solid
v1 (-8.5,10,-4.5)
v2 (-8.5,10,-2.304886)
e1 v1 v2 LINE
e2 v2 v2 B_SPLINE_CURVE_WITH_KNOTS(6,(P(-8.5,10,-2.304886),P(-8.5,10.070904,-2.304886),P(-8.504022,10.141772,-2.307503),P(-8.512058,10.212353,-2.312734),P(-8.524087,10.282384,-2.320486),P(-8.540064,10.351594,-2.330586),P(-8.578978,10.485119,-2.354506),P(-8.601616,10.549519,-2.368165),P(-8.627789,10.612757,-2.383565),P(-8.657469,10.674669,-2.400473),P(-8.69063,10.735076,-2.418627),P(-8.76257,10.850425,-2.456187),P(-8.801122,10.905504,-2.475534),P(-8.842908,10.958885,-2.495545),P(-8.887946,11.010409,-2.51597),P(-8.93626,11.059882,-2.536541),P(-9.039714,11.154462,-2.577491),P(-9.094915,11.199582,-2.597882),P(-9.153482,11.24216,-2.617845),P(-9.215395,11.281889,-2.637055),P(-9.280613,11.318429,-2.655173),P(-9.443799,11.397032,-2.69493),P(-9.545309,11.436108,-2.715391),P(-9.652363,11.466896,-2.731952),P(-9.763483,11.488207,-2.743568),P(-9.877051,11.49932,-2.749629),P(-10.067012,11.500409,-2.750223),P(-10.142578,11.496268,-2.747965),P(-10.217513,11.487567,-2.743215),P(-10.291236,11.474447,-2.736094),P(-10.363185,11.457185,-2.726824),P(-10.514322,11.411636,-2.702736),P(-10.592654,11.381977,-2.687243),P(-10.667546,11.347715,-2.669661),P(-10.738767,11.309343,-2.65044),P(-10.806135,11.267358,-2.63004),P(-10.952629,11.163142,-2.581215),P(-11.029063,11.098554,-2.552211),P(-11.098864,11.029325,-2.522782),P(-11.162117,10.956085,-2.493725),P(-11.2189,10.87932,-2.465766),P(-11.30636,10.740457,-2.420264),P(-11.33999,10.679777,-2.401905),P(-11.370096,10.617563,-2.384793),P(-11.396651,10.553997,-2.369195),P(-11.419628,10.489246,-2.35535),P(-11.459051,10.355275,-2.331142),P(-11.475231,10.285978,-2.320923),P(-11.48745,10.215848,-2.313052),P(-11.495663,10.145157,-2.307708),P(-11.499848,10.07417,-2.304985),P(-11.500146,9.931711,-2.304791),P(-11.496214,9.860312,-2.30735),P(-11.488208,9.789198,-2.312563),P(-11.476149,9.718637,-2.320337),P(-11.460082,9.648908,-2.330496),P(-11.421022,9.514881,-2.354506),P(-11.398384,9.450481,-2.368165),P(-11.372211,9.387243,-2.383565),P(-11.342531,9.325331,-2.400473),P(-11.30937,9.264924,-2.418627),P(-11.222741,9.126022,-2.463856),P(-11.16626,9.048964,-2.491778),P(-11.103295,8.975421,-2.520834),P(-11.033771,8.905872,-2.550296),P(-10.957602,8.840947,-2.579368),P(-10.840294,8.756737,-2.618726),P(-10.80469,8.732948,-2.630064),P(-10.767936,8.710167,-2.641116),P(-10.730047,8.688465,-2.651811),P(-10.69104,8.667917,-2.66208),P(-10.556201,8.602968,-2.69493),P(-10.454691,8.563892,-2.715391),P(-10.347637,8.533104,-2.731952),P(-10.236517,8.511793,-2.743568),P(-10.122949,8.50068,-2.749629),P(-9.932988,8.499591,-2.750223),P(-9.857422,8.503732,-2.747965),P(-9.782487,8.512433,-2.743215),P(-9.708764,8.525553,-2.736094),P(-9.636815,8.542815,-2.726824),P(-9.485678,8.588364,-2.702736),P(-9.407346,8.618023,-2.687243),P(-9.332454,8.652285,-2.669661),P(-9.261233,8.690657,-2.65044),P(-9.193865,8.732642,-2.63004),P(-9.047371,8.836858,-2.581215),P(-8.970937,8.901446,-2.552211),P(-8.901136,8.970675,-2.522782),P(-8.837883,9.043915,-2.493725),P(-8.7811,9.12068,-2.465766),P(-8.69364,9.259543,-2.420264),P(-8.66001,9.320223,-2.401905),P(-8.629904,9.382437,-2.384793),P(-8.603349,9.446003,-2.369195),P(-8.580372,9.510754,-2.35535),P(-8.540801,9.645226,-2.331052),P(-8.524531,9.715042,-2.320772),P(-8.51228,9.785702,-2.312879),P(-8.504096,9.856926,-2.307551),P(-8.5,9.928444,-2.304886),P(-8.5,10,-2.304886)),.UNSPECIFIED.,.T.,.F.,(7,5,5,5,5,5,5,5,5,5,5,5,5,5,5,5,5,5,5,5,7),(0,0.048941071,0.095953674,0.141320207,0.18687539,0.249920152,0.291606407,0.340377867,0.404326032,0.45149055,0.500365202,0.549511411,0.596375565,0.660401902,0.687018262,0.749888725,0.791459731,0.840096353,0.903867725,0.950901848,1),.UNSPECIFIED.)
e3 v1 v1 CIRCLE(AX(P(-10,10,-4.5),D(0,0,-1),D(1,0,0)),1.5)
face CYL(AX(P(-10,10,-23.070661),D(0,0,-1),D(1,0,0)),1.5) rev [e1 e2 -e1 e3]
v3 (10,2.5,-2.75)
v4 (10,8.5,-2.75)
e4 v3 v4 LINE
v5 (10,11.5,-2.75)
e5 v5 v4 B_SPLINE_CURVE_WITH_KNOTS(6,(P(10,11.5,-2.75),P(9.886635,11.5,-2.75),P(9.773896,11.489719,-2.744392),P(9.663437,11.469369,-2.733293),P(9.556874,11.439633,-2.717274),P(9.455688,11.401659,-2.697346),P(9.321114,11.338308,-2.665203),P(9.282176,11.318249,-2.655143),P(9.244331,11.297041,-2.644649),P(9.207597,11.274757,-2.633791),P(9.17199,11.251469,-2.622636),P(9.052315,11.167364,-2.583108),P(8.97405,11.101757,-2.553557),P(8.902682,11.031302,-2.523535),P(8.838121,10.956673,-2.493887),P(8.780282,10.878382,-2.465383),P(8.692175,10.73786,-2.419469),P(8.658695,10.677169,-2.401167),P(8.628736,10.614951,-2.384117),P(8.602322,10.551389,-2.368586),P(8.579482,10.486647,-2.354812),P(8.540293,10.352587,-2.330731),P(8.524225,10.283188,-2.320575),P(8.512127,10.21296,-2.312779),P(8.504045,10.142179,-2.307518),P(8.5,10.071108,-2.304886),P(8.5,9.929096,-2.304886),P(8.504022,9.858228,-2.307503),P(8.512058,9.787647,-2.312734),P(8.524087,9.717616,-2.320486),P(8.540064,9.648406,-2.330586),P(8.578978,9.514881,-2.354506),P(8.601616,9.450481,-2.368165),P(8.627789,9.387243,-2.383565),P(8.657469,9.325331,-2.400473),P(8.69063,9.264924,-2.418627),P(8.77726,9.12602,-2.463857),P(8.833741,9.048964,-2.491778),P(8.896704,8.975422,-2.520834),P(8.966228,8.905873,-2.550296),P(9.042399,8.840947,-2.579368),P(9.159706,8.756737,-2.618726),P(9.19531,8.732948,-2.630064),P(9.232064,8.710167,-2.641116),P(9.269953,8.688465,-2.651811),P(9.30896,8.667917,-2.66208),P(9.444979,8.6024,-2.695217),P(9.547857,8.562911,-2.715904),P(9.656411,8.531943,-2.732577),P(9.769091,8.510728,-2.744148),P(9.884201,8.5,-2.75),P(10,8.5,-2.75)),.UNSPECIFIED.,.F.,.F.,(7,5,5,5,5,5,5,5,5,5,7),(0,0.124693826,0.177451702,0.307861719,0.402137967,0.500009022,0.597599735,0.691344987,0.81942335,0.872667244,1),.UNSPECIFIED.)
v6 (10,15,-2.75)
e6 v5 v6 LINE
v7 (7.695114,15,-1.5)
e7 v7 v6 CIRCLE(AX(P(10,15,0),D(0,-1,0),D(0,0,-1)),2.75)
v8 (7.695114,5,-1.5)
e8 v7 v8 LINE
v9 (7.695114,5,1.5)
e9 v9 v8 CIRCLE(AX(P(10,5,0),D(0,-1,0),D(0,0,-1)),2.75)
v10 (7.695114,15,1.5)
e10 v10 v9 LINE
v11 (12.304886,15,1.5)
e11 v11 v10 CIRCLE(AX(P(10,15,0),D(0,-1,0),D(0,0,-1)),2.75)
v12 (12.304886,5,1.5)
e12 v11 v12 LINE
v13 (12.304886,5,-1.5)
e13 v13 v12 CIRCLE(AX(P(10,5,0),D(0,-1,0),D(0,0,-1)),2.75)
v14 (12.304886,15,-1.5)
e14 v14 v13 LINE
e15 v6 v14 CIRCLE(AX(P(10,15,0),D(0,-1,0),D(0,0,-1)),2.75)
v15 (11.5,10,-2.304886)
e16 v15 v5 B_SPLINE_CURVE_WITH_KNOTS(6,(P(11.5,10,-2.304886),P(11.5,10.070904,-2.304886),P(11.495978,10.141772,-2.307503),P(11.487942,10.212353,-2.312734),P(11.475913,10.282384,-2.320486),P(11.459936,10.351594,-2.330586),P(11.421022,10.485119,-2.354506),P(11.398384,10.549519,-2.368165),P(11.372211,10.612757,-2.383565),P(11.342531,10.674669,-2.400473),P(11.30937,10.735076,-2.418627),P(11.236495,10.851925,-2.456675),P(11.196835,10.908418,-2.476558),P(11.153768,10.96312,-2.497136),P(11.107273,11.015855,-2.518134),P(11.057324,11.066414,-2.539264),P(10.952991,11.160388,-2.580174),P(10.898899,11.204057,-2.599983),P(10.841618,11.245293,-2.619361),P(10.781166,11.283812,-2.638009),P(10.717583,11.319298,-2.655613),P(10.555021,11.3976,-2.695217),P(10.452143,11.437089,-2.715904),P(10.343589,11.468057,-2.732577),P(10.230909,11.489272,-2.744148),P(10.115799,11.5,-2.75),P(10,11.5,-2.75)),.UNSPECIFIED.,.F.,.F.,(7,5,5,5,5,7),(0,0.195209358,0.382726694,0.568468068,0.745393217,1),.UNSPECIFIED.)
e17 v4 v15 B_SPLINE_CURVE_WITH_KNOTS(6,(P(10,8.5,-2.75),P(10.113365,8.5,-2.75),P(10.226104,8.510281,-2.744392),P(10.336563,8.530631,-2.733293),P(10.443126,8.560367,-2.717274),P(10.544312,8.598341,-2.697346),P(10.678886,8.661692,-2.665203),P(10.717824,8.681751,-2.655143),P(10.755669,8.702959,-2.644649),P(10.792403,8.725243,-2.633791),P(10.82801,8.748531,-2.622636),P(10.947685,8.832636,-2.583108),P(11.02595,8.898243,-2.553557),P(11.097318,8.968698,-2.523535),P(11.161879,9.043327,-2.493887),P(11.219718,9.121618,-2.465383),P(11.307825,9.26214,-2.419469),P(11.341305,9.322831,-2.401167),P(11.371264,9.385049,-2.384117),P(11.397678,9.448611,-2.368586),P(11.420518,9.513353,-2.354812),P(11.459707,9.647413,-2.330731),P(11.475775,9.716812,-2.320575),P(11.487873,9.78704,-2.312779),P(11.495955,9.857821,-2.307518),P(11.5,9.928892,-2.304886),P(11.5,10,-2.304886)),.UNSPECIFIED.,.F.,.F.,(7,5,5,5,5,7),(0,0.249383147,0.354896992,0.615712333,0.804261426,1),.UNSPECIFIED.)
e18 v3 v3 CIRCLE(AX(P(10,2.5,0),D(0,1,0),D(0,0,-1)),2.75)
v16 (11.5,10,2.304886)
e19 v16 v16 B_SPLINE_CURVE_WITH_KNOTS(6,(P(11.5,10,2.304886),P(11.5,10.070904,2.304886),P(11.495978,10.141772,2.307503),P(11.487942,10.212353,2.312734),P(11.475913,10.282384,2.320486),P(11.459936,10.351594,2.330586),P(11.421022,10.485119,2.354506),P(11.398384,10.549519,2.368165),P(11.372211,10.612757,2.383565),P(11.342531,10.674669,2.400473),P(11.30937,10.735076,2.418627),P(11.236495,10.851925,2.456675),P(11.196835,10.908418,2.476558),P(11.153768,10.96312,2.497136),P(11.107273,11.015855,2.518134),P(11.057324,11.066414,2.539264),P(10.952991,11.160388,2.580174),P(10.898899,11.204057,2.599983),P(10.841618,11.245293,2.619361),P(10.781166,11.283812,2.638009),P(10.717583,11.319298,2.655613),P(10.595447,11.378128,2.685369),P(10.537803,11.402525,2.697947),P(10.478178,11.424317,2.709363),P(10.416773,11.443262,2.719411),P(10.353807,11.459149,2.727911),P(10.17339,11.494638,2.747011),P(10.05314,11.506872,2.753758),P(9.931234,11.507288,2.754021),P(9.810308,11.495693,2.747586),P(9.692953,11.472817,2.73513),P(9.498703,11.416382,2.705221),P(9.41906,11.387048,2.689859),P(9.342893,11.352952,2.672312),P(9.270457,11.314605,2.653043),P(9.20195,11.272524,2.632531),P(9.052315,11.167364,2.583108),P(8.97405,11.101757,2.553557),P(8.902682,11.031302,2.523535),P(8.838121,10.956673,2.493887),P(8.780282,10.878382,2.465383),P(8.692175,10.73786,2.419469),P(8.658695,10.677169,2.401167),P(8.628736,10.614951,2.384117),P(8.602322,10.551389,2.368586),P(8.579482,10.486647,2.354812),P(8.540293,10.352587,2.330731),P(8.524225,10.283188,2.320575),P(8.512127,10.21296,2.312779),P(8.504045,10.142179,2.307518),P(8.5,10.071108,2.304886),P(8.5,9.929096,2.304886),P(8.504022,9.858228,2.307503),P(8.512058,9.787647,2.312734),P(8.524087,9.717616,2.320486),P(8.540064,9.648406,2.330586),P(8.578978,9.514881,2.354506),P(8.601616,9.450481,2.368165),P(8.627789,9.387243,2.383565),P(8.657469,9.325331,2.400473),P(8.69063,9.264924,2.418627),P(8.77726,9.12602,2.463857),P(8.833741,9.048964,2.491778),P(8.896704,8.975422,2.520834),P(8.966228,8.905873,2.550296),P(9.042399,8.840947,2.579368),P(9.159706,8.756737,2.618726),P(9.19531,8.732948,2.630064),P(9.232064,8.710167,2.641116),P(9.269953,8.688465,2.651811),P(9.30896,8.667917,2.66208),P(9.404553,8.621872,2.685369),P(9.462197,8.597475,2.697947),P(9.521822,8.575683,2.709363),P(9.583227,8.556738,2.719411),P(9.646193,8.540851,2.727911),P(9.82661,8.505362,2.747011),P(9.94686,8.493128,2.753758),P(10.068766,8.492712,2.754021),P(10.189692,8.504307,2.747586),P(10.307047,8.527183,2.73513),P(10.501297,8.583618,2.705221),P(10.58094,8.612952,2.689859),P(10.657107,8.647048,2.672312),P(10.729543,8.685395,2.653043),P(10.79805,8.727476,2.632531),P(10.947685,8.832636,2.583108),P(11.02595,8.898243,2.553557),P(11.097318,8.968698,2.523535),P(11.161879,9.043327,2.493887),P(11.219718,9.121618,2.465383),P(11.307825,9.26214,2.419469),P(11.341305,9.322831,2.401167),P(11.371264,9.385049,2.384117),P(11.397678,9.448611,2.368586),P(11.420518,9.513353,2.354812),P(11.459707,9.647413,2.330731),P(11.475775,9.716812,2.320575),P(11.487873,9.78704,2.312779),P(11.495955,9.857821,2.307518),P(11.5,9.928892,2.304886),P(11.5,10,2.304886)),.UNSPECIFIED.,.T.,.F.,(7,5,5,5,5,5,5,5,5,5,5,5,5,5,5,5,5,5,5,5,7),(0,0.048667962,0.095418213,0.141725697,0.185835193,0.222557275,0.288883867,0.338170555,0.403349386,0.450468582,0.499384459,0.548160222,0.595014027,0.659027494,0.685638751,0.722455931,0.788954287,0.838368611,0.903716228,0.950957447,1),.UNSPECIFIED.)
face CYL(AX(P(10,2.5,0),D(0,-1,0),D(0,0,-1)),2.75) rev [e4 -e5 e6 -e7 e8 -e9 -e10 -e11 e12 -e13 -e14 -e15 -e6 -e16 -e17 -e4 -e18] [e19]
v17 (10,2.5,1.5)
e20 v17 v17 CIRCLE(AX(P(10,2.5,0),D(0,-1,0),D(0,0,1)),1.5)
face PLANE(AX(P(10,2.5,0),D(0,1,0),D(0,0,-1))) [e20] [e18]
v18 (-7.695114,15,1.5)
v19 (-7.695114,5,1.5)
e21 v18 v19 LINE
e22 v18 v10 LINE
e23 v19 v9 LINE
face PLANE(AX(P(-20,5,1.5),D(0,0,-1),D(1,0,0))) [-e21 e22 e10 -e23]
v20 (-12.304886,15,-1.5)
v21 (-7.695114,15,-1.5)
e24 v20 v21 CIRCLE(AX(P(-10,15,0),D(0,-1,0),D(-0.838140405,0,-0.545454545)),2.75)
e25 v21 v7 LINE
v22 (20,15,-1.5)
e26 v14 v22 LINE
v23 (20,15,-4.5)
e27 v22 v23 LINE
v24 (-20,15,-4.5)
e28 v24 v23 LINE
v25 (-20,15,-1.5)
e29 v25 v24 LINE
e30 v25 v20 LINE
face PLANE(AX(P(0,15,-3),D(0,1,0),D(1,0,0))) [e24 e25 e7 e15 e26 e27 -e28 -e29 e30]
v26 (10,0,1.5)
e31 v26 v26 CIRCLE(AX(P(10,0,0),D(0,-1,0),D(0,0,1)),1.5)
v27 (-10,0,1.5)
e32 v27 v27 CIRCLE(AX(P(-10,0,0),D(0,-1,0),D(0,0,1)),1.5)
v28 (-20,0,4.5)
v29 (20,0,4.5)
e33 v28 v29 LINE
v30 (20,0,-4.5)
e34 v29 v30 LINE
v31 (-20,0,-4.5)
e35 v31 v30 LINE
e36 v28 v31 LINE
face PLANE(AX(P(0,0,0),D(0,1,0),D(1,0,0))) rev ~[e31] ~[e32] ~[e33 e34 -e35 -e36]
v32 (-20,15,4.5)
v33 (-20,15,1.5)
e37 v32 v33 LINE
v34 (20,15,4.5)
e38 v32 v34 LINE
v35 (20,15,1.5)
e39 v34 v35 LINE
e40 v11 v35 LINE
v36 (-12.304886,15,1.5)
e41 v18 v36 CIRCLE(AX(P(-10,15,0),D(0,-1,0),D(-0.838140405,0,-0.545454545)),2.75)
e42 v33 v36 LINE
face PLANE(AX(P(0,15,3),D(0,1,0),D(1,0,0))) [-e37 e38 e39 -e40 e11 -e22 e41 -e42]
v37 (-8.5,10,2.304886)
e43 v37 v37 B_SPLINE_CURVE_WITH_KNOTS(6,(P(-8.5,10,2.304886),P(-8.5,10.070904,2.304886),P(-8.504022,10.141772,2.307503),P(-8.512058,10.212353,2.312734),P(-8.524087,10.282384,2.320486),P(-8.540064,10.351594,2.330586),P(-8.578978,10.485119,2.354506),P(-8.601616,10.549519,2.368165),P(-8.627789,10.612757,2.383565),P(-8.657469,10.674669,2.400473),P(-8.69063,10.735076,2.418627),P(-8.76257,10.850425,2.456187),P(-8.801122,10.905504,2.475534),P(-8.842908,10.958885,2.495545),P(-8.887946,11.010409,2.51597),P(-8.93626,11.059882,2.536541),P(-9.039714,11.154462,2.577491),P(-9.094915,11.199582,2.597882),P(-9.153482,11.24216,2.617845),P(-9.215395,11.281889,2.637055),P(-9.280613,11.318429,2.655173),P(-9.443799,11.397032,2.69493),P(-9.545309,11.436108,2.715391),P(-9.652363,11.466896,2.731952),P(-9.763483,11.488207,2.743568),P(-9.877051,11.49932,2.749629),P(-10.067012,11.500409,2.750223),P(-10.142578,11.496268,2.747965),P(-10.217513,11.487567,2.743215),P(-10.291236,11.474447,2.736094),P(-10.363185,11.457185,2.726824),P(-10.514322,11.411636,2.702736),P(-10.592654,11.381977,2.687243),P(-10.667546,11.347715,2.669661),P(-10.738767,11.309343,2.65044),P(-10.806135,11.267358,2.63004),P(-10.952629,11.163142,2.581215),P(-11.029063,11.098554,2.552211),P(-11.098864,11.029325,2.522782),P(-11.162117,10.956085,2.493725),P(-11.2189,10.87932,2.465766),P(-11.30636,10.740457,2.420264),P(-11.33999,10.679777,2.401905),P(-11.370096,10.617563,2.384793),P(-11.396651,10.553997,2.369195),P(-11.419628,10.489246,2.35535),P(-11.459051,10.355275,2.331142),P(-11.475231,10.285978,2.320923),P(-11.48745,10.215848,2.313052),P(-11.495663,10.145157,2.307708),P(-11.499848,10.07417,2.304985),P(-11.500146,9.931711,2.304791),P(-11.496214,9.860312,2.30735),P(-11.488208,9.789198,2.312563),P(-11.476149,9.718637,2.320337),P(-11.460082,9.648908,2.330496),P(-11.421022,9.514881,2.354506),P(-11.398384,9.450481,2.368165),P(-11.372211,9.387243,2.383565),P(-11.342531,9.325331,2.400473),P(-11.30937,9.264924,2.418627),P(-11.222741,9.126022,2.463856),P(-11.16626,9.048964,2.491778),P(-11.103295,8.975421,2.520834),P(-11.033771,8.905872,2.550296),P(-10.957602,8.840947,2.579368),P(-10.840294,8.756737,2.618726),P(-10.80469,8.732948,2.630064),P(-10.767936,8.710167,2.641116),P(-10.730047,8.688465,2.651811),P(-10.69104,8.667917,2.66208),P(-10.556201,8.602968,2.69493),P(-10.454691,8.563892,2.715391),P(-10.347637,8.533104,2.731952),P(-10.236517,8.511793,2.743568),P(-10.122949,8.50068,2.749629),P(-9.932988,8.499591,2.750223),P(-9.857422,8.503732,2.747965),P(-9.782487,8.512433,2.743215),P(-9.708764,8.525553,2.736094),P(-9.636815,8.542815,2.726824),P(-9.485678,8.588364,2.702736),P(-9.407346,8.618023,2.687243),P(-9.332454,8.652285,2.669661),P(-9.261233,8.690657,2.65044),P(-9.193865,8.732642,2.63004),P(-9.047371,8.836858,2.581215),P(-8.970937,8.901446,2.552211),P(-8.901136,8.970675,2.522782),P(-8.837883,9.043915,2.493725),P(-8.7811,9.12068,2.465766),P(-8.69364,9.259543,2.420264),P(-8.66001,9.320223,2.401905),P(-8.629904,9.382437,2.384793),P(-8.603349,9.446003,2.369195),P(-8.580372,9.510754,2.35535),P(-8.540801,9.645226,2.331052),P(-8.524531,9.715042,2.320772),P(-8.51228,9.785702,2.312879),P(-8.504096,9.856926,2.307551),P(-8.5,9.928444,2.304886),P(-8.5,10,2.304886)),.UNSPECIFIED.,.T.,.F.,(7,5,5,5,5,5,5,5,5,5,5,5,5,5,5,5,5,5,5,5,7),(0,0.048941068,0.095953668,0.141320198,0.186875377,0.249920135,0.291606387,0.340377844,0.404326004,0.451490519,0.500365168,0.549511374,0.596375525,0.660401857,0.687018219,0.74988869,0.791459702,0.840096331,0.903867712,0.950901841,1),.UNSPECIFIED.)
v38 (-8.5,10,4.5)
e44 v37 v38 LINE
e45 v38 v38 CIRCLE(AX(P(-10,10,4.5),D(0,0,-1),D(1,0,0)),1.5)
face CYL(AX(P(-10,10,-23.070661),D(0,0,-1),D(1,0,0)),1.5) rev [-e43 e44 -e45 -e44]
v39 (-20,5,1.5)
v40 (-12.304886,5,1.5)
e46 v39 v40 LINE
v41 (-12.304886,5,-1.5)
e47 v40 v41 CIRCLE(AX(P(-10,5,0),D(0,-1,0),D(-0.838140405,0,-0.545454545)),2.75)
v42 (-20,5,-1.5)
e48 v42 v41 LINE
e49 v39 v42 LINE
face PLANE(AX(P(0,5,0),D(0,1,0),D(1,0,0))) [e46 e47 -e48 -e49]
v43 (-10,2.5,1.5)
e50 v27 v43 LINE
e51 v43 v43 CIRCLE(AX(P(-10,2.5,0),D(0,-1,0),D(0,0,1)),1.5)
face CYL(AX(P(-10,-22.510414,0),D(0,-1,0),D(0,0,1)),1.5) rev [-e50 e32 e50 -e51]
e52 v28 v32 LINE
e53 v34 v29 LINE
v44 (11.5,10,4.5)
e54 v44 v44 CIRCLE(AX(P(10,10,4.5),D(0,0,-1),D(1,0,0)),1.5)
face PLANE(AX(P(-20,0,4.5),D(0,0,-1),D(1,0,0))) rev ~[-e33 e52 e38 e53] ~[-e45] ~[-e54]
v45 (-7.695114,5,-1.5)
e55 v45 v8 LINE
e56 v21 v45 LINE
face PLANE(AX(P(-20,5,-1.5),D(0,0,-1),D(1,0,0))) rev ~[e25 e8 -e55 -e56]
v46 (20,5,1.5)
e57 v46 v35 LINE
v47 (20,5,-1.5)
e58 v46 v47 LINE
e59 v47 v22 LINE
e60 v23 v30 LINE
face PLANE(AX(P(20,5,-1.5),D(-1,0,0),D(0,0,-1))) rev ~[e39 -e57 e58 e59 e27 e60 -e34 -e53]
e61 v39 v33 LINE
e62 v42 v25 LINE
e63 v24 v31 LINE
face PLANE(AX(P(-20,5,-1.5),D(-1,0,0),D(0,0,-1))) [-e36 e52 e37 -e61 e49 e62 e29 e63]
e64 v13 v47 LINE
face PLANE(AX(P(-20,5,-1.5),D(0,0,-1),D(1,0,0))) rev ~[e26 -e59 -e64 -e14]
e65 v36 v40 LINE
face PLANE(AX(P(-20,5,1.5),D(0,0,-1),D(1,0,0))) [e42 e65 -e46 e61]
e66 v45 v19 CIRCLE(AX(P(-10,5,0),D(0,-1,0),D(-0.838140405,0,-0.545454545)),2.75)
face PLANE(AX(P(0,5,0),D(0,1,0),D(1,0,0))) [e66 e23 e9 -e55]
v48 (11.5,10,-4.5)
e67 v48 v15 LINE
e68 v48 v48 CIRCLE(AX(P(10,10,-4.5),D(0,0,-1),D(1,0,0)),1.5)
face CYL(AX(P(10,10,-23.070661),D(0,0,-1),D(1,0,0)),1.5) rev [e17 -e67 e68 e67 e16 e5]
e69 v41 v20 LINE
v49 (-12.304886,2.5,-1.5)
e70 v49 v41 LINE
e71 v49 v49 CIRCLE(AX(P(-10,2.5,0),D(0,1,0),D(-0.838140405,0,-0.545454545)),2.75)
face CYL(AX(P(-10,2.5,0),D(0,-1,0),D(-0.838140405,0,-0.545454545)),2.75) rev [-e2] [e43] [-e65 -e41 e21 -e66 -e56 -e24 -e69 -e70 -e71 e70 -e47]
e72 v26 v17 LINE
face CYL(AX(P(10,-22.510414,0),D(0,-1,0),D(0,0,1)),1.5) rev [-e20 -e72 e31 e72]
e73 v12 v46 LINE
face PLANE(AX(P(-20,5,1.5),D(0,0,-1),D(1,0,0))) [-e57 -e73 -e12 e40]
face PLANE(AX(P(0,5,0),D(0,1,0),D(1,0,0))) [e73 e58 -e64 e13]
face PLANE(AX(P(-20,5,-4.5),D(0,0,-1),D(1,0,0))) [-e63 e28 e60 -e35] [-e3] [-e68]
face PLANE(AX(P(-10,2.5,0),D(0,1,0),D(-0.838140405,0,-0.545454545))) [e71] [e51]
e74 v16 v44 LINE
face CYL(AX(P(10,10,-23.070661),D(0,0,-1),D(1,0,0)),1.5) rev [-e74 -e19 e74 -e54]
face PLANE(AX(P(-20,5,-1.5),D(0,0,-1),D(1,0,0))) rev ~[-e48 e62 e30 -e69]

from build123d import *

# Parameters (mm, degrees)
SKETCH1_W               = 40
SKETCH1_H               = 9
BOSS_EXTRUDE1_DEPTH     = 5
SKETCH2_W               = 40
SKETCH2_H               = 3
BOSS_EXTRUDE4_DEPTH     = 10
CUT_EXTRUDE5_DEPTH      = 26.401771592
CUT_EXTRUDE5_DEPTH_BACK = 12.5
SKETCH4_R               = 2.75
CUT_EXTRUDE6_DEPTH      = 25.010414407
CUT_EXTRUDE6_DEPTH_BACK = 25.010414407
SKETCH5_R               = 1.5
CUT_EXTRUDE7_DEPTH      = 27.570660511
CUT_EXTRUDE7_DEPTH_BACK = 27.570660511
SKETCH6_R               = 1.5


with BuildPart() as part:
    # Sketch1 → Boss-Extrude1 (new body)
    with BuildSketch(Plane(origin=(0, 0, 0), x_dir=(1, 0, 0), z_dir=(0, 1, 0))):
        Rectangle(SKETCH1_W, SKETCH1_H)
    extrude(amount=BOSS_EXTRUDE1_DEPTH)

    # Sketch2 → Boss-Extrude4 (add)
    with BuildSketch(Plane(origin=(0, 5, 0), x_dir=(1, 0, 0), z_dir=(0, 1, 0))):
        with Locations((0, 3)):
            Rectangle(SKETCH2_W, SKETCH2_H)
        with Locations((0, -3)):
            Rectangle(SKETCH2_W, SKETCH2_H)
    extrude(amount=BOSS_EXTRUDE4_DEPTH)

    # Sketch4 → Cut-Extrude5 (cut, two sides: drawn at the far end of the back side and taken through both)
    with BuildSketch(Plane(origin=(0, 15, 0), x_dir=(1, 0, 0), z_dir=(0, 1, 0)).offset(-CUT_EXTRUDE5_DEPTH_BACK)):
        with Locations(Location((-10, 0, 0), (0, 0, 146.944268849))):
            Circle(SKETCH4_R)
        with Locations(Location((10, 0, 0), (0, 0, 90))):
            Circle(SKETCH4_R)
    extrude(amount=CUT_EXTRUDE5_DEPTH + CUT_EXTRUDE5_DEPTH_BACK, mode=Mode.SUBTRACT)

    # Sketch5 → Cut-Extrude6 (cut, two sides: drawn at the far end of the back side and taken through both)
    with BuildSketch(Plane(origin=(0, 2.5, 0), x_dir=(1, 0, 0), z_dir=(0, 1, 0)).offset(-CUT_EXTRUDE6_DEPTH_BACK)):
        with Locations(Location((-10, 0, 0), (0, 0, 270))):
            Circle(SKETCH5_R)
        with Locations(Location((10, 0, 0), (0, 0, 270))):
            Circle(SKETCH5_R)
    extrude(amount=CUT_EXTRUDE6_DEPTH + CUT_EXTRUDE6_DEPTH_BACK, mode=Mode.SUBTRACT)

    # Sketch6 → Cut-Extrude7 (cut, two sides: drawn at the far end of the back side and taken through both)
    with BuildSketch(Plane.XY.offset(4.5).offset(-CUT_EXTRUDE7_DEPTH_BACK)):
        with Locations((-10, 10)):
            Circle(SKETCH6_R)
        with Locations((10, 10)):
            Circle(SKETCH6_R)
    extrude(amount=CUT_EXTRUDE7_DEPTH + CUT_EXTRUDE7_DEPTH_BACK, mode=Mode.SUBTRACT)


solid = part.part
